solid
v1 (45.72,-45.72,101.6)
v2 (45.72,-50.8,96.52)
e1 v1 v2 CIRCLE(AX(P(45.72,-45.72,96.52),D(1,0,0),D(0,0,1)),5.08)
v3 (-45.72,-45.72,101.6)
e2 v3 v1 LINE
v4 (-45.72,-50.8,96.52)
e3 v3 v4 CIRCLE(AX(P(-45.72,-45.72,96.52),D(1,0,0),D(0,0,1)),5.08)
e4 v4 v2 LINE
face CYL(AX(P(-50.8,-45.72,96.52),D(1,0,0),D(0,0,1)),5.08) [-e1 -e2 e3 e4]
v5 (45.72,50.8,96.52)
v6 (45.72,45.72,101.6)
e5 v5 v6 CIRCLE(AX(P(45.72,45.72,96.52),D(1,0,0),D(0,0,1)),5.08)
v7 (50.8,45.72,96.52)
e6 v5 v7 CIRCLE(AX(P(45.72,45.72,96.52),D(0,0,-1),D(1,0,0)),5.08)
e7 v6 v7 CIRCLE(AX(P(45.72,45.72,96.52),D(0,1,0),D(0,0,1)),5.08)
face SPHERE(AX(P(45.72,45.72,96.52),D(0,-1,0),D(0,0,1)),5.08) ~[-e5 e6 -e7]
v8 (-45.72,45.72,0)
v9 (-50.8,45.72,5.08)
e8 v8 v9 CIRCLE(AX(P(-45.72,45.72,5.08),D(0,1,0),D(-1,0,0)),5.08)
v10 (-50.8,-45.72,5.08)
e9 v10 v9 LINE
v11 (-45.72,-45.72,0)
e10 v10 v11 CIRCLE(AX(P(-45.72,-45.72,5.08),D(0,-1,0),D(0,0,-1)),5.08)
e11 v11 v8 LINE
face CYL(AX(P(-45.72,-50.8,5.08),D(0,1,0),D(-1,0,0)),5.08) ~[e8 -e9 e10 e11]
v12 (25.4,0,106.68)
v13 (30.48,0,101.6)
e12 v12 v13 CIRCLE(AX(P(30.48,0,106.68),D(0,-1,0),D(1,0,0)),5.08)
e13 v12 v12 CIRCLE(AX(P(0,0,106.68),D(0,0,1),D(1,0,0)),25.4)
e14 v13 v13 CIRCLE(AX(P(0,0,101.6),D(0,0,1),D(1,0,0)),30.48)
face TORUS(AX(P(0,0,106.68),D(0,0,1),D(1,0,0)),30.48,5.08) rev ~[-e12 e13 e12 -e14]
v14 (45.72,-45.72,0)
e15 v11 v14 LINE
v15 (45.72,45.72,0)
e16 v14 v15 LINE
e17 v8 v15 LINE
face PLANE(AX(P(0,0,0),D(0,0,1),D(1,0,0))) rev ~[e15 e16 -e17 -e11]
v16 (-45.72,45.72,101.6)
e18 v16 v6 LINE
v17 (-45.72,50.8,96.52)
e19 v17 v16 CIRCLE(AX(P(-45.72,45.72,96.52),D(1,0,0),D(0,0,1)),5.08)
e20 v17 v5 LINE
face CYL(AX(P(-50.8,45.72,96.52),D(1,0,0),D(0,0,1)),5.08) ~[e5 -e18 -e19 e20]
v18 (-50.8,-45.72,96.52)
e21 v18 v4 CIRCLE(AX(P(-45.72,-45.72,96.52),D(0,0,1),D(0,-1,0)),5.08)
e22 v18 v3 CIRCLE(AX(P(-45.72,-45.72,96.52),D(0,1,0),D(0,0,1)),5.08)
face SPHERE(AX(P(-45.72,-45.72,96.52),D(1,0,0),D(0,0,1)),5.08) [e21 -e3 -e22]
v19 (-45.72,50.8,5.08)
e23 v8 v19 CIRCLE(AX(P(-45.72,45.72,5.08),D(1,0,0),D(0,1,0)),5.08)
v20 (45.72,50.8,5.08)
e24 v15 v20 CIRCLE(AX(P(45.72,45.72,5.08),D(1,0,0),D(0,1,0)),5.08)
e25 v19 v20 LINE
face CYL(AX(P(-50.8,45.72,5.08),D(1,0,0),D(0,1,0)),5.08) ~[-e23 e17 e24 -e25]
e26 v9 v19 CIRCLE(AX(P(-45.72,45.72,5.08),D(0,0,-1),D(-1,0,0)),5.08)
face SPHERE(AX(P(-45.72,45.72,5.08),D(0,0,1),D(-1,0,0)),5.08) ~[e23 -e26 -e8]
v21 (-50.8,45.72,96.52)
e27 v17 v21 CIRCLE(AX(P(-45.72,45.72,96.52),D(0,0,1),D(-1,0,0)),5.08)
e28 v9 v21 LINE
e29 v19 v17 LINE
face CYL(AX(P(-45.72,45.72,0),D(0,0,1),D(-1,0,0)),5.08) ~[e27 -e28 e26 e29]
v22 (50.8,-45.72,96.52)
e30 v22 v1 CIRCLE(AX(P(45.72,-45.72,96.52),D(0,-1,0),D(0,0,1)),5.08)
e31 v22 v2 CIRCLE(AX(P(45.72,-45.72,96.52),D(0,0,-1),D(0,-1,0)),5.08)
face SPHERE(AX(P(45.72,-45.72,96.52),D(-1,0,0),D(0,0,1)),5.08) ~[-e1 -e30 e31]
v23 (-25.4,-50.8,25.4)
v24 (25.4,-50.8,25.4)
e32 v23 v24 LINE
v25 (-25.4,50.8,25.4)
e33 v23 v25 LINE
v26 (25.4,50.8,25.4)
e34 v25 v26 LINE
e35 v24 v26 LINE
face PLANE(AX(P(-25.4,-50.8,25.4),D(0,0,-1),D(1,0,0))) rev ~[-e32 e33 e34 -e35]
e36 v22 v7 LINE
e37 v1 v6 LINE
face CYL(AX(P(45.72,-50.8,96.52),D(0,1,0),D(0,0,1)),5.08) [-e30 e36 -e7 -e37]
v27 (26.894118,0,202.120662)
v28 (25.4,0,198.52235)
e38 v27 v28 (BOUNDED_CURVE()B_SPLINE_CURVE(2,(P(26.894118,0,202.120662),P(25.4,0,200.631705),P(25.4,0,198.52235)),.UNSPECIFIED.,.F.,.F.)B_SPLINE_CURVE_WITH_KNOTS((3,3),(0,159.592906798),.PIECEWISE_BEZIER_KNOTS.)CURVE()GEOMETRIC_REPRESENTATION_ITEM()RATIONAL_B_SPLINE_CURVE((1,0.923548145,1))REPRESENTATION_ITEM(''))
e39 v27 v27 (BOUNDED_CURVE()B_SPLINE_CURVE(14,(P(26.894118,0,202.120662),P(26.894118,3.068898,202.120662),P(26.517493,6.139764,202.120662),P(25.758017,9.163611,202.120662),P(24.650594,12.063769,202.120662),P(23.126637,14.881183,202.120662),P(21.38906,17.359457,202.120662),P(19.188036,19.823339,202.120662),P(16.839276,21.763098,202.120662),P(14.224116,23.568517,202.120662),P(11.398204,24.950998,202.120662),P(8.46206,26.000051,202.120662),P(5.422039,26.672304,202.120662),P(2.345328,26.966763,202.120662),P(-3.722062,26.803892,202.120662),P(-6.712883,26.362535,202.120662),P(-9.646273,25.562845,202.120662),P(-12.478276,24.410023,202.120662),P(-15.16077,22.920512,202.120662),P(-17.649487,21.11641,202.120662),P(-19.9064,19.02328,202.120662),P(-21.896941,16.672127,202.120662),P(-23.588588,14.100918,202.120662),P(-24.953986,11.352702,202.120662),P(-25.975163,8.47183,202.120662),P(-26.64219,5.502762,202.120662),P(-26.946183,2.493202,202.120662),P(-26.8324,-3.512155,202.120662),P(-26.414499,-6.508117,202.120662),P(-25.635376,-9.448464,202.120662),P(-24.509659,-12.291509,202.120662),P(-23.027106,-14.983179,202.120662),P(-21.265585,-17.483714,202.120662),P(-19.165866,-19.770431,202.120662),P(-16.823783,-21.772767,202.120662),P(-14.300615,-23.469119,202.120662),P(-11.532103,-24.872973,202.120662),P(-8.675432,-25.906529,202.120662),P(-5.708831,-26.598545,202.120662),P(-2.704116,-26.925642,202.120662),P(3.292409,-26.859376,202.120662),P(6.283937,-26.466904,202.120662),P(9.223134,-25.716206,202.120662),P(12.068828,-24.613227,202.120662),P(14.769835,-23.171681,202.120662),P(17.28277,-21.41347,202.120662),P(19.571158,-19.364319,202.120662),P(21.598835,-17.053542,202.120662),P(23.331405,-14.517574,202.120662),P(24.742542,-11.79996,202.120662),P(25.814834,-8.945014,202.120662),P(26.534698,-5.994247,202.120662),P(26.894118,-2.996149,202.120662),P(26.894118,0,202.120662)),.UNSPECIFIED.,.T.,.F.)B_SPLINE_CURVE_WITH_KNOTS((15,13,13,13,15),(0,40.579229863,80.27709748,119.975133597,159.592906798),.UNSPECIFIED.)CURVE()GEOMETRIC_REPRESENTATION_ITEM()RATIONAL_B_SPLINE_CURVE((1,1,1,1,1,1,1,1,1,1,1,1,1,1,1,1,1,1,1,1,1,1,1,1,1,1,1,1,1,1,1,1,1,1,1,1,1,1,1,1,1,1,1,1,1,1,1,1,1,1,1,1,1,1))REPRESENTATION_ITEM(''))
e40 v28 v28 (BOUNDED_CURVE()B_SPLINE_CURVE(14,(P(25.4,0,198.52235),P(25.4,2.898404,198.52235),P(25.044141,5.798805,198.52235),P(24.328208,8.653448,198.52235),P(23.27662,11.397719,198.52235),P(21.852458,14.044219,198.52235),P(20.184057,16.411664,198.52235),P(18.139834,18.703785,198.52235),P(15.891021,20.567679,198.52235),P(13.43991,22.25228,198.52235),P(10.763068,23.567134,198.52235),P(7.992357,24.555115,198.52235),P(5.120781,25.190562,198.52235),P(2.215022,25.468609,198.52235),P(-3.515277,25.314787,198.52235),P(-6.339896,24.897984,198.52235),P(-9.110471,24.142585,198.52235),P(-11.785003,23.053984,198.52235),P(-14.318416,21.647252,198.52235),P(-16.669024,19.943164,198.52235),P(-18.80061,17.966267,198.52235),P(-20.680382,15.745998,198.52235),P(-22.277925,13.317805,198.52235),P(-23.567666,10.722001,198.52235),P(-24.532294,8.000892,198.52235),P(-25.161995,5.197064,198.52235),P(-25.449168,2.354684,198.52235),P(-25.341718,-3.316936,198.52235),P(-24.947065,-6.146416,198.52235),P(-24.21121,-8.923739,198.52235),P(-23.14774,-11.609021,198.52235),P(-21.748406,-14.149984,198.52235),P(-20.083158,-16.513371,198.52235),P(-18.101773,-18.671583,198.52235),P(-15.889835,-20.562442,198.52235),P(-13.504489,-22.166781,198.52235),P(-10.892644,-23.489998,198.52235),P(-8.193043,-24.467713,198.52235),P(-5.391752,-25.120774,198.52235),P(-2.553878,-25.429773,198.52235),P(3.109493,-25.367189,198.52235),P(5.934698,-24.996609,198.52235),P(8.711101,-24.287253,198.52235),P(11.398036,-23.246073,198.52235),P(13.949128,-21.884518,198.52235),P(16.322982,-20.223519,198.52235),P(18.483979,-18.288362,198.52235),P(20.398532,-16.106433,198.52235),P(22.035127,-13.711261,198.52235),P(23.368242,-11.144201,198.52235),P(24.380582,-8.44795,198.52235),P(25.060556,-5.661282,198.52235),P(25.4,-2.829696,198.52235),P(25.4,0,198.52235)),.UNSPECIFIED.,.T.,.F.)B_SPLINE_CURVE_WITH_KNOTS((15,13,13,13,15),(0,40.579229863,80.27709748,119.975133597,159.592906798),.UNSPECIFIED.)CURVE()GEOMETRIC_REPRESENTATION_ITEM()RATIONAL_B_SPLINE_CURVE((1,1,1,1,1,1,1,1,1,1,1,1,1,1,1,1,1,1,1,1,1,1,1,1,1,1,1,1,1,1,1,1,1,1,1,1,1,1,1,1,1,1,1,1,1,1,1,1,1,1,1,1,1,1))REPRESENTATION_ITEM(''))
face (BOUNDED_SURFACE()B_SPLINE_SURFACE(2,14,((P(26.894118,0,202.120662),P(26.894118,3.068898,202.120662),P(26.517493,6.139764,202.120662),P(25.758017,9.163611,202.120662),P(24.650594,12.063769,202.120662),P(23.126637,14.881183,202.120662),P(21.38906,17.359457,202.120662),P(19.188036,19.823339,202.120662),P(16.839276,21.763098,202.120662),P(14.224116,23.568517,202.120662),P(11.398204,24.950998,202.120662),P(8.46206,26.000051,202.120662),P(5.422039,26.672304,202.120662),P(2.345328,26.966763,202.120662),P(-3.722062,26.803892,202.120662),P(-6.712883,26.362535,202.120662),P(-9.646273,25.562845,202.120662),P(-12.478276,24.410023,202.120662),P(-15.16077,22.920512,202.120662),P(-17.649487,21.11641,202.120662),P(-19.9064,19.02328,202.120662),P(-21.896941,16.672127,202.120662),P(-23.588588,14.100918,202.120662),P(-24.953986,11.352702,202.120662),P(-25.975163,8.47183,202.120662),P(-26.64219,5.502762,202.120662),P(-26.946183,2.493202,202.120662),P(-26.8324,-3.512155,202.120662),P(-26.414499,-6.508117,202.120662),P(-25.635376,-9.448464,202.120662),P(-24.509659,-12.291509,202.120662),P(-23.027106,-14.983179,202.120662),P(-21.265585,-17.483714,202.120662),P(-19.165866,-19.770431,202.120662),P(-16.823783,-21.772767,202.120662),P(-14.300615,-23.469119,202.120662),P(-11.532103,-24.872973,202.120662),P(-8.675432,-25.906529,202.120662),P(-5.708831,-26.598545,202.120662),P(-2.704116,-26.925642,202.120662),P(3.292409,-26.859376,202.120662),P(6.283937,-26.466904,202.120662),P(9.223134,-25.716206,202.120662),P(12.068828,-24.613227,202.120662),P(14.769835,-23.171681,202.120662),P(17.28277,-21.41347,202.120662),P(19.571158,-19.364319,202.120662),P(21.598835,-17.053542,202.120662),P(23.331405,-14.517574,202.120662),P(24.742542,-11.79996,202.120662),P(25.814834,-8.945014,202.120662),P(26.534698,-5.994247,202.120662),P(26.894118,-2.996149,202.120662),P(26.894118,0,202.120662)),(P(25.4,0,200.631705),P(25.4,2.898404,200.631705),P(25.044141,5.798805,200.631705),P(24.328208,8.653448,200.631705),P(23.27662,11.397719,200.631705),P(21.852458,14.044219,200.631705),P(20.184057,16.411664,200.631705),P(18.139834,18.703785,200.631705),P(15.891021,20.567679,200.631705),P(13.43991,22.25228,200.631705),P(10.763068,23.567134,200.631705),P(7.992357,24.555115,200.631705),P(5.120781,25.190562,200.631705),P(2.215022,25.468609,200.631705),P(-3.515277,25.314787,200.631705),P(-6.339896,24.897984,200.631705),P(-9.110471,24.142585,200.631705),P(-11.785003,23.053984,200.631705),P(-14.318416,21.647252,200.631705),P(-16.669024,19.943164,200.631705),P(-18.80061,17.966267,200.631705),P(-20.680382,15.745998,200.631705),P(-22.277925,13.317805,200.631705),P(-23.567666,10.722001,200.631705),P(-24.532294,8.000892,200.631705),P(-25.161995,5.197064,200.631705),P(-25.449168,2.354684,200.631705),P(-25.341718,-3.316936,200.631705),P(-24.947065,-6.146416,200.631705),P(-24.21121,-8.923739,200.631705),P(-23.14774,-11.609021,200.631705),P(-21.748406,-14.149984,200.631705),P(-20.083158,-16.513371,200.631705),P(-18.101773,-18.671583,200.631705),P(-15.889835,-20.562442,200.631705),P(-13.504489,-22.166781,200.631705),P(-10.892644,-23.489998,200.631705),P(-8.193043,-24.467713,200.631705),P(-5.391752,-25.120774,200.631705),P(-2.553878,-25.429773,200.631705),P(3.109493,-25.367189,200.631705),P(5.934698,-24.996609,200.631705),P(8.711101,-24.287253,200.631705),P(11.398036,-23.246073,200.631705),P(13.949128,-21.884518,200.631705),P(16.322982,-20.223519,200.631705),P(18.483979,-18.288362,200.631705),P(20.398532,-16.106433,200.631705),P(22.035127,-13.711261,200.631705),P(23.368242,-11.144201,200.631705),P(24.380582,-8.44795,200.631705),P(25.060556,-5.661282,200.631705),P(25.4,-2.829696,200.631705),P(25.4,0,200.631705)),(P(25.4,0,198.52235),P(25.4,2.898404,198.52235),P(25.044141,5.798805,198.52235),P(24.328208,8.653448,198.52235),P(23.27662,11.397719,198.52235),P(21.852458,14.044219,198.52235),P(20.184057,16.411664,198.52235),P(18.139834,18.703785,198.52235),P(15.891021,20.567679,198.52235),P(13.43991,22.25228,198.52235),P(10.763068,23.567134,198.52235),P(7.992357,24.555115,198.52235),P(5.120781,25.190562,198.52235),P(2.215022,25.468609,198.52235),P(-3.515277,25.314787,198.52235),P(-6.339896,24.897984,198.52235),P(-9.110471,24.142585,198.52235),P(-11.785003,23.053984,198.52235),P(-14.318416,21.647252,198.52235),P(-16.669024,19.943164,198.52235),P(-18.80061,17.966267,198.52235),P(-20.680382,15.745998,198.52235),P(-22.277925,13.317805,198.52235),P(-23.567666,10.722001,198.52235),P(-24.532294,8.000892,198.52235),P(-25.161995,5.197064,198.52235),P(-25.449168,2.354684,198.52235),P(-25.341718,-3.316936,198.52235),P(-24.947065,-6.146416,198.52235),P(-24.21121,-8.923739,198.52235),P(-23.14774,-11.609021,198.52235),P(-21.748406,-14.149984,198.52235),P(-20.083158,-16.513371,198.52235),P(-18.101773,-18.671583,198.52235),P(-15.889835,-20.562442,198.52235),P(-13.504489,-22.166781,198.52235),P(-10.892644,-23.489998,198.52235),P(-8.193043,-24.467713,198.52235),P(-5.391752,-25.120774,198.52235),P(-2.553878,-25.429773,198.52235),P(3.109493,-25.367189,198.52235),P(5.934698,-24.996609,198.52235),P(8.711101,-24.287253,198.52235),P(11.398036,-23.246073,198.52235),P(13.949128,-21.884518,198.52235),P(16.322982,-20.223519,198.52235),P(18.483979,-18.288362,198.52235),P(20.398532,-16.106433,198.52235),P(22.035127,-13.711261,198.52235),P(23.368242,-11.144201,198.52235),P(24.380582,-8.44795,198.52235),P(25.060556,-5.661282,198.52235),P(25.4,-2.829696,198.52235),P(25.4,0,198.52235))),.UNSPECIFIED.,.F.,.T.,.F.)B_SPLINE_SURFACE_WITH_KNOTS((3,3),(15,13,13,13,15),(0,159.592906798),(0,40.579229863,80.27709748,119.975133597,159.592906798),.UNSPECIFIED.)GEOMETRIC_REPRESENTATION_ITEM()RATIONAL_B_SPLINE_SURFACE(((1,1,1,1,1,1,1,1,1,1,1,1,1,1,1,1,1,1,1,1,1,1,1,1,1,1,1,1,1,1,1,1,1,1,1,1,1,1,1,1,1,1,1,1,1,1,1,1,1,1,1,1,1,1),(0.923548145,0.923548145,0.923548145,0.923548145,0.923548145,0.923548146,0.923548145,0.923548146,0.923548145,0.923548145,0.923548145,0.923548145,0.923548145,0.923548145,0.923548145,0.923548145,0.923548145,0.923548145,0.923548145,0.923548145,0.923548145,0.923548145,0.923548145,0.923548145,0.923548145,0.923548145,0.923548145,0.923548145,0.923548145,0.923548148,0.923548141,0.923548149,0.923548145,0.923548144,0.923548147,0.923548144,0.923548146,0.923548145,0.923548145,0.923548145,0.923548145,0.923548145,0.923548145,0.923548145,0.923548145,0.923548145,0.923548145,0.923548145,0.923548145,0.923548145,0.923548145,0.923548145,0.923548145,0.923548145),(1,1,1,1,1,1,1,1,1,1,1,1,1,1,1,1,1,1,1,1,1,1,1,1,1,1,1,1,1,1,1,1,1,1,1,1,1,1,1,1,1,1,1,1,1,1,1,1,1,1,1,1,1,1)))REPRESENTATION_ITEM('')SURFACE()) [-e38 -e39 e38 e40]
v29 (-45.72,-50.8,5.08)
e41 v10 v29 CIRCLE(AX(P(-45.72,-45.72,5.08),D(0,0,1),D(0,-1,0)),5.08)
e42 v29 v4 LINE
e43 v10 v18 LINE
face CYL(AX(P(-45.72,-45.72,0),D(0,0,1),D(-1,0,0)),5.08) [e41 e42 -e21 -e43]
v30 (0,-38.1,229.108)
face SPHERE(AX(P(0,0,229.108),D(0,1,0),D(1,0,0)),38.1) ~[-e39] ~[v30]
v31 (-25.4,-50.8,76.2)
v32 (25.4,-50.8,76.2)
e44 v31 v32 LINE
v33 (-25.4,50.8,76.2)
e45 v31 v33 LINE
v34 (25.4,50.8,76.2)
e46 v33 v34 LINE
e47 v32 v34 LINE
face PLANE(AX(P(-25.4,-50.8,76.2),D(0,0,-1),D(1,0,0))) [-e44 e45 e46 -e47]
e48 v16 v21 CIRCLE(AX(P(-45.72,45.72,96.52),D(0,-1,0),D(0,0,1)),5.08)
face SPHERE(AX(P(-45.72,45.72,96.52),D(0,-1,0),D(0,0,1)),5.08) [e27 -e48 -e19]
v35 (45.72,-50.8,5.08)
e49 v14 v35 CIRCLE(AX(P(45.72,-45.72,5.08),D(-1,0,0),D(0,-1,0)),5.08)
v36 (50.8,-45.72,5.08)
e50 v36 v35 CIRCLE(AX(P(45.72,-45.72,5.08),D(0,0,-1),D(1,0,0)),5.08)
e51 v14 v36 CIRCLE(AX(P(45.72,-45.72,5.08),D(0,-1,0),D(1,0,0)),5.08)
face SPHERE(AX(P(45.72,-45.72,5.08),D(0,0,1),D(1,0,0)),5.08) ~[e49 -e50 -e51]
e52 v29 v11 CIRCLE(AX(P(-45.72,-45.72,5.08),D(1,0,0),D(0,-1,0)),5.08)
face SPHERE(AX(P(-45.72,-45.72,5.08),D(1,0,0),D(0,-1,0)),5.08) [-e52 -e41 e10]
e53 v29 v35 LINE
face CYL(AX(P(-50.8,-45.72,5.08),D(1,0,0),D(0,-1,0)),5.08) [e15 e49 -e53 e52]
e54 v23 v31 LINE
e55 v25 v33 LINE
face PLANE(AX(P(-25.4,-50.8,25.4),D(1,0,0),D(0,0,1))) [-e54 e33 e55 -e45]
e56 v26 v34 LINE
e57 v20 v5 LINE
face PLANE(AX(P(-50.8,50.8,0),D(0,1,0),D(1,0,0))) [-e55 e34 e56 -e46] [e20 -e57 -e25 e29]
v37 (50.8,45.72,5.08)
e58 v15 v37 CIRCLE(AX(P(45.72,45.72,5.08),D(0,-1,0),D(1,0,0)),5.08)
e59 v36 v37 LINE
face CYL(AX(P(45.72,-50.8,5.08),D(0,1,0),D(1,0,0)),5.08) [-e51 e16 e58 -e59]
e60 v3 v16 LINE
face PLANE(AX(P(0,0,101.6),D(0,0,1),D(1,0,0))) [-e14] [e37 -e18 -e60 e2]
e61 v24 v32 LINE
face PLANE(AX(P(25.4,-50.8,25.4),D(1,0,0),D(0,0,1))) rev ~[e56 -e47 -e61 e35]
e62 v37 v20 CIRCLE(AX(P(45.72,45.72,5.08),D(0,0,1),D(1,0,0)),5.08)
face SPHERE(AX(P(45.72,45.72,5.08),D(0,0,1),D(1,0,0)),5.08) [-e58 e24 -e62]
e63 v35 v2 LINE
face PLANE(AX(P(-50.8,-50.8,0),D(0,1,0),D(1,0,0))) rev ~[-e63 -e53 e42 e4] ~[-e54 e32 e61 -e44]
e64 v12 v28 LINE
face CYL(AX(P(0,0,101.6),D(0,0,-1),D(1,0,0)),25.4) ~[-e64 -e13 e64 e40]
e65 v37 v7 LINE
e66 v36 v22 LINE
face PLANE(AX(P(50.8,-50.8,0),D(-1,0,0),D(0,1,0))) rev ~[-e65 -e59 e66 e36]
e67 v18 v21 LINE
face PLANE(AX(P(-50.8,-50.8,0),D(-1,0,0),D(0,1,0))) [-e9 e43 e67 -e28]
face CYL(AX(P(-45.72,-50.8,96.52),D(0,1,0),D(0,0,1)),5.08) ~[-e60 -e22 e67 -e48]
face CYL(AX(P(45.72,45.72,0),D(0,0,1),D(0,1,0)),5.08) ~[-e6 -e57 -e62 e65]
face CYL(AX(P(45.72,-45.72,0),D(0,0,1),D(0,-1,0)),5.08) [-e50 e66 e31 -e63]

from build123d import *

# Parameters (mm, degrees)
F0_W     = 101.6
F0_H     = 101.6
F1_DEPTH = 101.6
F2_R     = 25.4
F3_DEPTH = 127.508
F6_W     = 50.8
F6_H     = 50.8
F7_DEPTH = 101.6
F8_R     = 5.08


with BuildPart() as f1:
    # F0 (on Top) → F1 (new body)
    with BuildSketch(Plane.XY):
        Rectangle(F0_W, F0_H)
    extrude(amount=F1_DEPTH)

    # F2 (on face) → F3 (join)
    with BuildSketch(Plane.XY.offset(101.6)):
        Circle(F2_R)
    extrude(amount=F3_DEPTH)

    # F4 (on face) → F5 (revolve)
    with BuildSketch(Plane.XY.offset(229.108)):
        with BuildLine():
            Line((0, -25.4), (0, -38.1))
            ThreePointArc((0, -38.1), (38.1, 0), (0, 38.1))
            Line((0, 38.1), (0, 25.4))
            ThreePointArc((0, 25.4), (17.9605122421, 17.9605122421), (25.4, 0))
            ThreePointArc((25.4, 0), (17.9605122421, -17.9605122421), (0, -25.4))
        make_face()
        with BuildLine():
            ThreePointArc((0, 25.4), (-25.4, 0), (0, -25.4))
            Line((0, -25.4), (0, 25.4))
        make_face()
    revolve(axis=Axis((0, 0, 229.108), (0, -1, 0)))

    # F6 (on face) → F7 (cut)
    with BuildSketch(Plane.XZ.offset(50.8)):
        with Locations((0, 50.8)):
            Rectangle(F6_W, F6_H)
    extrude(amount=-F7_DEPTH, mode=Mode.SUBTRACT)

    # F8
    f8_edges = [f1.edges().sort_by_distance(p)[0] for p in [
        (0, -50.8, 101.6),
        (-50.8, 0, 101.6),
        (50.8, 0, 101.6),
        (0, 50.8, 101.6),
        (50.8, -50.8, 50.8),
        (50.8, 50.8, 50.8),
        (50.8, 0, 0),
        (0, -50.8, 0),
        (-50.8, -50.8, 50.8),
        (-50.8, 50.8, 50.8),
        (-50.8, 0, 0),
        (0, 50.8, 0),
        (-25.4, 0, 200.709937),
        (-25.4, 0, 101.6),
    ]]
    fillet(f8_edges, radius=F8_R)


solid = f1.part
